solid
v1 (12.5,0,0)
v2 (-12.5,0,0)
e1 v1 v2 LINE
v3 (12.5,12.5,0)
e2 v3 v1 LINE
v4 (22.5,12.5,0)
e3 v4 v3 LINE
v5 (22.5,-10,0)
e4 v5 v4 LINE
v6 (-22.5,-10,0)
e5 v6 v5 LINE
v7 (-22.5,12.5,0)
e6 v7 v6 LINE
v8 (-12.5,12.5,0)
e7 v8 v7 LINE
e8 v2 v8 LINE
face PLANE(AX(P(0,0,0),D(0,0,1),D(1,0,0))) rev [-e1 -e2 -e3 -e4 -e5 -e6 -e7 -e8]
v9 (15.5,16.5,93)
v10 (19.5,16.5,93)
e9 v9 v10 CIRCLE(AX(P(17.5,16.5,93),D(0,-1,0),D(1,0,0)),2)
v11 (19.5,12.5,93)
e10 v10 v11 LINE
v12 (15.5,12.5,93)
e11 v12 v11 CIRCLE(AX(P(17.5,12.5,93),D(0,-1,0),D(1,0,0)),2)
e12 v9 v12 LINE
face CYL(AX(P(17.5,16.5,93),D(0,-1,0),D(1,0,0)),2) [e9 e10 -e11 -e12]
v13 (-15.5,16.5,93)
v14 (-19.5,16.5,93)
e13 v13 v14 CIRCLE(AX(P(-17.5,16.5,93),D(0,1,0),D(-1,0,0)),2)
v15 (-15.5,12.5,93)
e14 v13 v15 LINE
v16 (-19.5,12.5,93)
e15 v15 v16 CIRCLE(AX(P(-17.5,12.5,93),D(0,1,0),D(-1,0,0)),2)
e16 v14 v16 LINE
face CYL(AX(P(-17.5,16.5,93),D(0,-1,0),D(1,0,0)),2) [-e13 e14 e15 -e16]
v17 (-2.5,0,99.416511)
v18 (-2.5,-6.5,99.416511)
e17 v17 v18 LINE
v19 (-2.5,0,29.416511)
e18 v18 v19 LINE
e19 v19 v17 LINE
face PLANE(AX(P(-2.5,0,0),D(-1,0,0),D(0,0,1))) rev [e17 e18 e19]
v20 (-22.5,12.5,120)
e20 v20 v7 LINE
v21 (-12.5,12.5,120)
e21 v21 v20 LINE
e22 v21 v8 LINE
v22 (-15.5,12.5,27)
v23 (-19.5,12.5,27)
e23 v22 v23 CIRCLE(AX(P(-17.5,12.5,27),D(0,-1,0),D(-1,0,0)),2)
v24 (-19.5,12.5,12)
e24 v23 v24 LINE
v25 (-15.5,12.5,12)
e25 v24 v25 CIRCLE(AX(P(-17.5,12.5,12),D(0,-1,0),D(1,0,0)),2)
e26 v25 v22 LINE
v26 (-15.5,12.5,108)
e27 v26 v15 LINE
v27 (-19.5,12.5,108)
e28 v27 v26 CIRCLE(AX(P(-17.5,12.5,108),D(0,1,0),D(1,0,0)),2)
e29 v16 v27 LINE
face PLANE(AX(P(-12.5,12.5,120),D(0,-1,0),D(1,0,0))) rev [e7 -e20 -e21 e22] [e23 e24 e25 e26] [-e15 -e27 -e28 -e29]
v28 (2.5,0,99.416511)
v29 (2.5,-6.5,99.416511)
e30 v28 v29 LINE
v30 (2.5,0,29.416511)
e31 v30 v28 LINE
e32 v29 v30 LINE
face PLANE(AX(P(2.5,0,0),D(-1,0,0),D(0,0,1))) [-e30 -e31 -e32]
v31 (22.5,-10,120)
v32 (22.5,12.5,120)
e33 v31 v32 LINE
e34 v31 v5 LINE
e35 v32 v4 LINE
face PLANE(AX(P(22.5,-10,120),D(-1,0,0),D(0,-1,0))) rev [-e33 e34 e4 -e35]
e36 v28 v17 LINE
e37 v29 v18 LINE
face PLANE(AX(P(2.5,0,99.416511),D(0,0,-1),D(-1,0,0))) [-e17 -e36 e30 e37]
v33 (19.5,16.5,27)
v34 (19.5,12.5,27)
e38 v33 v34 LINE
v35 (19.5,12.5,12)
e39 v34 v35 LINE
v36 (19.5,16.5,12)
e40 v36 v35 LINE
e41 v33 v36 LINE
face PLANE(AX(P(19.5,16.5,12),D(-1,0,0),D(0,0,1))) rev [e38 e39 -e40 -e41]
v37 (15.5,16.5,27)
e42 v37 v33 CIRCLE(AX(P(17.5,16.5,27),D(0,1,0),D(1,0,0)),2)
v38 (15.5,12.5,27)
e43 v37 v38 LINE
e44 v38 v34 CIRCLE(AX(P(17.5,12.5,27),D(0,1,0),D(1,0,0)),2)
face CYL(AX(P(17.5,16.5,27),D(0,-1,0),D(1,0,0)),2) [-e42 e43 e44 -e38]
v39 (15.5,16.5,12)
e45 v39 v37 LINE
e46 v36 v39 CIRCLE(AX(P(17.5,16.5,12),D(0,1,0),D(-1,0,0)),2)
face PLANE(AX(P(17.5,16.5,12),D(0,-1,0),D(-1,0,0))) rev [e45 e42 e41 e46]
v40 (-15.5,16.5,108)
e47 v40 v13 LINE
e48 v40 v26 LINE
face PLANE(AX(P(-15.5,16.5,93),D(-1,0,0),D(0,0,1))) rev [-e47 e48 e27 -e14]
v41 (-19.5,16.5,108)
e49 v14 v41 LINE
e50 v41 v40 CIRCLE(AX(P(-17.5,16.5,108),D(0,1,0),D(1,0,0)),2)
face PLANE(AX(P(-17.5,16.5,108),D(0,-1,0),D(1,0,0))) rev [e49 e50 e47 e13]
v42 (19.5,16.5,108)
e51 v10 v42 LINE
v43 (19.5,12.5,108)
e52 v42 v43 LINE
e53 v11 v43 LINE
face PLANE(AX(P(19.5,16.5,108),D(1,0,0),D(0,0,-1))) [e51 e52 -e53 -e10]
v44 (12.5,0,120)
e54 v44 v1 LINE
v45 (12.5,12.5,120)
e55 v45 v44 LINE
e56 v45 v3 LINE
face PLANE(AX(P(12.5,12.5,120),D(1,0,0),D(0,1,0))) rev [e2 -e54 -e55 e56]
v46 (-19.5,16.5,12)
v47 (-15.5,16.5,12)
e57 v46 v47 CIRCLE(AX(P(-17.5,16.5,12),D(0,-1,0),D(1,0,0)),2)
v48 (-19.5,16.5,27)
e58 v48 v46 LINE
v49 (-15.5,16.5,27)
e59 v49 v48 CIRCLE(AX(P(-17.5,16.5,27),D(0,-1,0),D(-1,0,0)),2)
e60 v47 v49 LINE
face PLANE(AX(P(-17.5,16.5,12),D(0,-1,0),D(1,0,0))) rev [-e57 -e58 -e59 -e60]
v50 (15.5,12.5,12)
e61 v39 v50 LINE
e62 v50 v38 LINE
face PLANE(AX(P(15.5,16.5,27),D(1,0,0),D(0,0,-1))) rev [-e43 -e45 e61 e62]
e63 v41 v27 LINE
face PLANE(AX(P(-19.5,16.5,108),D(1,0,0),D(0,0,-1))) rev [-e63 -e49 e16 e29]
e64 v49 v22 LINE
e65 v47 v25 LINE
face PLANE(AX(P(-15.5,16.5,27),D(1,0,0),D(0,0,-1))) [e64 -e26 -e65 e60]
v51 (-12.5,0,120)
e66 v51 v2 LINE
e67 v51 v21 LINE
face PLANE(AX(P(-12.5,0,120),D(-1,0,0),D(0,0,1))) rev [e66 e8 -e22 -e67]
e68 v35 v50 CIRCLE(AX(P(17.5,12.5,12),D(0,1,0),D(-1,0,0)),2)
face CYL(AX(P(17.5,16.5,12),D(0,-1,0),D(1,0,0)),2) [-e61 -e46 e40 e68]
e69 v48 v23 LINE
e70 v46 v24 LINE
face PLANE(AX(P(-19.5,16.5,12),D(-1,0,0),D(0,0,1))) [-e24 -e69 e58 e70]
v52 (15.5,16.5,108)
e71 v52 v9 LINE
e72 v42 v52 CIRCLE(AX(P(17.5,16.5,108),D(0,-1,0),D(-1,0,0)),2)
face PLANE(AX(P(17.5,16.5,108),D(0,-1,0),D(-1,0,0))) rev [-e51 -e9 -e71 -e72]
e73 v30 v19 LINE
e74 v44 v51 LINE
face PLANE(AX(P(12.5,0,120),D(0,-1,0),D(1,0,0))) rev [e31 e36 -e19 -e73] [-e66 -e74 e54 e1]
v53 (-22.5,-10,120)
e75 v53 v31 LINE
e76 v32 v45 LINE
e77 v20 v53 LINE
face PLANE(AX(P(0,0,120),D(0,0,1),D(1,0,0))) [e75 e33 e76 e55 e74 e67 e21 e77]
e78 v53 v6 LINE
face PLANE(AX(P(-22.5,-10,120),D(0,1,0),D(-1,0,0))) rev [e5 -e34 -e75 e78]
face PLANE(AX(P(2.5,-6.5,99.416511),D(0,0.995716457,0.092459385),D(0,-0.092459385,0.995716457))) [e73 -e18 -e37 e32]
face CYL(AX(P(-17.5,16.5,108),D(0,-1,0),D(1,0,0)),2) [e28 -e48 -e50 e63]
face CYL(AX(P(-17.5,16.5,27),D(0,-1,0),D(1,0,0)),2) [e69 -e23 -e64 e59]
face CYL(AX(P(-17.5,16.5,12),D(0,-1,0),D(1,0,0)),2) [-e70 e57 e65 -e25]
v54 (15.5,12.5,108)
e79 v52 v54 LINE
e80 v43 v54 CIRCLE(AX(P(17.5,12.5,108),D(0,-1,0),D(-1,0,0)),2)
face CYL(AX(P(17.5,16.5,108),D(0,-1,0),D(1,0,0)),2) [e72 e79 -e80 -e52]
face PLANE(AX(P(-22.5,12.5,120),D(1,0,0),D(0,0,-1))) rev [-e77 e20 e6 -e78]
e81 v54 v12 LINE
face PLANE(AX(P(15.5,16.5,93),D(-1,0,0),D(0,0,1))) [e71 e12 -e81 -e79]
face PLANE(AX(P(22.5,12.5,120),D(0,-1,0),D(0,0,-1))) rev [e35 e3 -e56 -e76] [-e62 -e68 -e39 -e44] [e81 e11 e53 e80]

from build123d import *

# Parameters (mm, degrees)
BOSS_EXTRUDE1_DEPTH     = 120
CUT_EXTRUDE1_DEPTH      = 2.5
CUT_EXTRUDE1_DEPTH_BACK = 2.5
BOSS_EXTRUDE2_DEPTH     = 4
MIRROR2_COPY_1_DEPTH    = 4


with BuildPart() as part:
    # Sketch1 → Boss-Extrude1 (new body)
    with BuildSketch(Plane.XY):
        Polygon((-12.5, 12.5), (-22.5, 12.5), (-22.5, -10), (22.5, -10), (22.5, 12.5), (12.5, 12.5), (12.5, 0), (-12.5, 0), align=None)
    extrude(amount=BOSS_EXTRUDE1_DEPTH)

    # Sketch2 → Cut-Extrude1 (cut, two sides: drawn at the far end of the back side and taken through both)
    with BuildSketch(Plane(origin=(0, 0, 0), x_dir=(0, 0, -1), z_dir=(1, 0, 0)).offset(-CUT_EXTRUDE1_DEPTH_BACK)):
        Polygon((-29.416511254, 0), (-99.416511254, 0), (-99.416511254, -6.5), align=None)
    extrude(amount=CUT_EXTRUDE1_DEPTH + CUT_EXTRUDE1_DEPTH_BACK, mode=Mode.SUBTRACT)

    # Sketch3 → Boss-Extrude2 (add)
    with BuildSketch(Plane(origin=(0, 12.5, 0), x_dir=(1, 0, 0), z_dir=(0, 1, 0))):
        with BuildLine():
            Line((-19.5, -108), (-19.5, -93))
            ThreePointArc((-19.5, -93), (-17.5, -91), (-15.5, -93))
            Line((-15.5, -93), (-15.5, -108))
            ThreePointArc((-15.5, -108), (-17.5, -110), (-19.5, -108))
        make_face()
    boss_extrude2 = extrude(amount=BOSS_EXTRUDE2_DEPTH)

    # Mirror1: Boss-Extrude2 across plane
    add(boss_extrude2.mirror(Plane(origin=(0, 0, 0), x_dir=(0, 0, 1), z_dir=(1, 0, 0))))

    # Mirror2: Boss-Extrude2 across plane
    add(boss_extrude2.mirror(Plane(origin=(0, 0, 60), x_dir=(1, 0, 0), z_dir=(0, 0, -1))))

    # Mirror2 copy 1 sketch → Mirror2 copy 1 (add)
    with BuildSketch(Plane(origin=(0, 12.5, 120), x_dir=(-1, 0, 0), z_dir=(0, 1, 0))):
        with BuildLine():
            Line((-19.5, -108), (-19.5, -93))
            ThreePointArc((-19.5, -93), (-17.5, -91), (-15.5, -93))
            Line((-15.5, -93), (-15.5, -108))
            ThreePointArc((-15.5, -108), (-17.5, -110), (-19.5, -108))
        make_face()
    extrude(amount=MIRROR2_COPY_1_DEPTH)


solid = part.part
